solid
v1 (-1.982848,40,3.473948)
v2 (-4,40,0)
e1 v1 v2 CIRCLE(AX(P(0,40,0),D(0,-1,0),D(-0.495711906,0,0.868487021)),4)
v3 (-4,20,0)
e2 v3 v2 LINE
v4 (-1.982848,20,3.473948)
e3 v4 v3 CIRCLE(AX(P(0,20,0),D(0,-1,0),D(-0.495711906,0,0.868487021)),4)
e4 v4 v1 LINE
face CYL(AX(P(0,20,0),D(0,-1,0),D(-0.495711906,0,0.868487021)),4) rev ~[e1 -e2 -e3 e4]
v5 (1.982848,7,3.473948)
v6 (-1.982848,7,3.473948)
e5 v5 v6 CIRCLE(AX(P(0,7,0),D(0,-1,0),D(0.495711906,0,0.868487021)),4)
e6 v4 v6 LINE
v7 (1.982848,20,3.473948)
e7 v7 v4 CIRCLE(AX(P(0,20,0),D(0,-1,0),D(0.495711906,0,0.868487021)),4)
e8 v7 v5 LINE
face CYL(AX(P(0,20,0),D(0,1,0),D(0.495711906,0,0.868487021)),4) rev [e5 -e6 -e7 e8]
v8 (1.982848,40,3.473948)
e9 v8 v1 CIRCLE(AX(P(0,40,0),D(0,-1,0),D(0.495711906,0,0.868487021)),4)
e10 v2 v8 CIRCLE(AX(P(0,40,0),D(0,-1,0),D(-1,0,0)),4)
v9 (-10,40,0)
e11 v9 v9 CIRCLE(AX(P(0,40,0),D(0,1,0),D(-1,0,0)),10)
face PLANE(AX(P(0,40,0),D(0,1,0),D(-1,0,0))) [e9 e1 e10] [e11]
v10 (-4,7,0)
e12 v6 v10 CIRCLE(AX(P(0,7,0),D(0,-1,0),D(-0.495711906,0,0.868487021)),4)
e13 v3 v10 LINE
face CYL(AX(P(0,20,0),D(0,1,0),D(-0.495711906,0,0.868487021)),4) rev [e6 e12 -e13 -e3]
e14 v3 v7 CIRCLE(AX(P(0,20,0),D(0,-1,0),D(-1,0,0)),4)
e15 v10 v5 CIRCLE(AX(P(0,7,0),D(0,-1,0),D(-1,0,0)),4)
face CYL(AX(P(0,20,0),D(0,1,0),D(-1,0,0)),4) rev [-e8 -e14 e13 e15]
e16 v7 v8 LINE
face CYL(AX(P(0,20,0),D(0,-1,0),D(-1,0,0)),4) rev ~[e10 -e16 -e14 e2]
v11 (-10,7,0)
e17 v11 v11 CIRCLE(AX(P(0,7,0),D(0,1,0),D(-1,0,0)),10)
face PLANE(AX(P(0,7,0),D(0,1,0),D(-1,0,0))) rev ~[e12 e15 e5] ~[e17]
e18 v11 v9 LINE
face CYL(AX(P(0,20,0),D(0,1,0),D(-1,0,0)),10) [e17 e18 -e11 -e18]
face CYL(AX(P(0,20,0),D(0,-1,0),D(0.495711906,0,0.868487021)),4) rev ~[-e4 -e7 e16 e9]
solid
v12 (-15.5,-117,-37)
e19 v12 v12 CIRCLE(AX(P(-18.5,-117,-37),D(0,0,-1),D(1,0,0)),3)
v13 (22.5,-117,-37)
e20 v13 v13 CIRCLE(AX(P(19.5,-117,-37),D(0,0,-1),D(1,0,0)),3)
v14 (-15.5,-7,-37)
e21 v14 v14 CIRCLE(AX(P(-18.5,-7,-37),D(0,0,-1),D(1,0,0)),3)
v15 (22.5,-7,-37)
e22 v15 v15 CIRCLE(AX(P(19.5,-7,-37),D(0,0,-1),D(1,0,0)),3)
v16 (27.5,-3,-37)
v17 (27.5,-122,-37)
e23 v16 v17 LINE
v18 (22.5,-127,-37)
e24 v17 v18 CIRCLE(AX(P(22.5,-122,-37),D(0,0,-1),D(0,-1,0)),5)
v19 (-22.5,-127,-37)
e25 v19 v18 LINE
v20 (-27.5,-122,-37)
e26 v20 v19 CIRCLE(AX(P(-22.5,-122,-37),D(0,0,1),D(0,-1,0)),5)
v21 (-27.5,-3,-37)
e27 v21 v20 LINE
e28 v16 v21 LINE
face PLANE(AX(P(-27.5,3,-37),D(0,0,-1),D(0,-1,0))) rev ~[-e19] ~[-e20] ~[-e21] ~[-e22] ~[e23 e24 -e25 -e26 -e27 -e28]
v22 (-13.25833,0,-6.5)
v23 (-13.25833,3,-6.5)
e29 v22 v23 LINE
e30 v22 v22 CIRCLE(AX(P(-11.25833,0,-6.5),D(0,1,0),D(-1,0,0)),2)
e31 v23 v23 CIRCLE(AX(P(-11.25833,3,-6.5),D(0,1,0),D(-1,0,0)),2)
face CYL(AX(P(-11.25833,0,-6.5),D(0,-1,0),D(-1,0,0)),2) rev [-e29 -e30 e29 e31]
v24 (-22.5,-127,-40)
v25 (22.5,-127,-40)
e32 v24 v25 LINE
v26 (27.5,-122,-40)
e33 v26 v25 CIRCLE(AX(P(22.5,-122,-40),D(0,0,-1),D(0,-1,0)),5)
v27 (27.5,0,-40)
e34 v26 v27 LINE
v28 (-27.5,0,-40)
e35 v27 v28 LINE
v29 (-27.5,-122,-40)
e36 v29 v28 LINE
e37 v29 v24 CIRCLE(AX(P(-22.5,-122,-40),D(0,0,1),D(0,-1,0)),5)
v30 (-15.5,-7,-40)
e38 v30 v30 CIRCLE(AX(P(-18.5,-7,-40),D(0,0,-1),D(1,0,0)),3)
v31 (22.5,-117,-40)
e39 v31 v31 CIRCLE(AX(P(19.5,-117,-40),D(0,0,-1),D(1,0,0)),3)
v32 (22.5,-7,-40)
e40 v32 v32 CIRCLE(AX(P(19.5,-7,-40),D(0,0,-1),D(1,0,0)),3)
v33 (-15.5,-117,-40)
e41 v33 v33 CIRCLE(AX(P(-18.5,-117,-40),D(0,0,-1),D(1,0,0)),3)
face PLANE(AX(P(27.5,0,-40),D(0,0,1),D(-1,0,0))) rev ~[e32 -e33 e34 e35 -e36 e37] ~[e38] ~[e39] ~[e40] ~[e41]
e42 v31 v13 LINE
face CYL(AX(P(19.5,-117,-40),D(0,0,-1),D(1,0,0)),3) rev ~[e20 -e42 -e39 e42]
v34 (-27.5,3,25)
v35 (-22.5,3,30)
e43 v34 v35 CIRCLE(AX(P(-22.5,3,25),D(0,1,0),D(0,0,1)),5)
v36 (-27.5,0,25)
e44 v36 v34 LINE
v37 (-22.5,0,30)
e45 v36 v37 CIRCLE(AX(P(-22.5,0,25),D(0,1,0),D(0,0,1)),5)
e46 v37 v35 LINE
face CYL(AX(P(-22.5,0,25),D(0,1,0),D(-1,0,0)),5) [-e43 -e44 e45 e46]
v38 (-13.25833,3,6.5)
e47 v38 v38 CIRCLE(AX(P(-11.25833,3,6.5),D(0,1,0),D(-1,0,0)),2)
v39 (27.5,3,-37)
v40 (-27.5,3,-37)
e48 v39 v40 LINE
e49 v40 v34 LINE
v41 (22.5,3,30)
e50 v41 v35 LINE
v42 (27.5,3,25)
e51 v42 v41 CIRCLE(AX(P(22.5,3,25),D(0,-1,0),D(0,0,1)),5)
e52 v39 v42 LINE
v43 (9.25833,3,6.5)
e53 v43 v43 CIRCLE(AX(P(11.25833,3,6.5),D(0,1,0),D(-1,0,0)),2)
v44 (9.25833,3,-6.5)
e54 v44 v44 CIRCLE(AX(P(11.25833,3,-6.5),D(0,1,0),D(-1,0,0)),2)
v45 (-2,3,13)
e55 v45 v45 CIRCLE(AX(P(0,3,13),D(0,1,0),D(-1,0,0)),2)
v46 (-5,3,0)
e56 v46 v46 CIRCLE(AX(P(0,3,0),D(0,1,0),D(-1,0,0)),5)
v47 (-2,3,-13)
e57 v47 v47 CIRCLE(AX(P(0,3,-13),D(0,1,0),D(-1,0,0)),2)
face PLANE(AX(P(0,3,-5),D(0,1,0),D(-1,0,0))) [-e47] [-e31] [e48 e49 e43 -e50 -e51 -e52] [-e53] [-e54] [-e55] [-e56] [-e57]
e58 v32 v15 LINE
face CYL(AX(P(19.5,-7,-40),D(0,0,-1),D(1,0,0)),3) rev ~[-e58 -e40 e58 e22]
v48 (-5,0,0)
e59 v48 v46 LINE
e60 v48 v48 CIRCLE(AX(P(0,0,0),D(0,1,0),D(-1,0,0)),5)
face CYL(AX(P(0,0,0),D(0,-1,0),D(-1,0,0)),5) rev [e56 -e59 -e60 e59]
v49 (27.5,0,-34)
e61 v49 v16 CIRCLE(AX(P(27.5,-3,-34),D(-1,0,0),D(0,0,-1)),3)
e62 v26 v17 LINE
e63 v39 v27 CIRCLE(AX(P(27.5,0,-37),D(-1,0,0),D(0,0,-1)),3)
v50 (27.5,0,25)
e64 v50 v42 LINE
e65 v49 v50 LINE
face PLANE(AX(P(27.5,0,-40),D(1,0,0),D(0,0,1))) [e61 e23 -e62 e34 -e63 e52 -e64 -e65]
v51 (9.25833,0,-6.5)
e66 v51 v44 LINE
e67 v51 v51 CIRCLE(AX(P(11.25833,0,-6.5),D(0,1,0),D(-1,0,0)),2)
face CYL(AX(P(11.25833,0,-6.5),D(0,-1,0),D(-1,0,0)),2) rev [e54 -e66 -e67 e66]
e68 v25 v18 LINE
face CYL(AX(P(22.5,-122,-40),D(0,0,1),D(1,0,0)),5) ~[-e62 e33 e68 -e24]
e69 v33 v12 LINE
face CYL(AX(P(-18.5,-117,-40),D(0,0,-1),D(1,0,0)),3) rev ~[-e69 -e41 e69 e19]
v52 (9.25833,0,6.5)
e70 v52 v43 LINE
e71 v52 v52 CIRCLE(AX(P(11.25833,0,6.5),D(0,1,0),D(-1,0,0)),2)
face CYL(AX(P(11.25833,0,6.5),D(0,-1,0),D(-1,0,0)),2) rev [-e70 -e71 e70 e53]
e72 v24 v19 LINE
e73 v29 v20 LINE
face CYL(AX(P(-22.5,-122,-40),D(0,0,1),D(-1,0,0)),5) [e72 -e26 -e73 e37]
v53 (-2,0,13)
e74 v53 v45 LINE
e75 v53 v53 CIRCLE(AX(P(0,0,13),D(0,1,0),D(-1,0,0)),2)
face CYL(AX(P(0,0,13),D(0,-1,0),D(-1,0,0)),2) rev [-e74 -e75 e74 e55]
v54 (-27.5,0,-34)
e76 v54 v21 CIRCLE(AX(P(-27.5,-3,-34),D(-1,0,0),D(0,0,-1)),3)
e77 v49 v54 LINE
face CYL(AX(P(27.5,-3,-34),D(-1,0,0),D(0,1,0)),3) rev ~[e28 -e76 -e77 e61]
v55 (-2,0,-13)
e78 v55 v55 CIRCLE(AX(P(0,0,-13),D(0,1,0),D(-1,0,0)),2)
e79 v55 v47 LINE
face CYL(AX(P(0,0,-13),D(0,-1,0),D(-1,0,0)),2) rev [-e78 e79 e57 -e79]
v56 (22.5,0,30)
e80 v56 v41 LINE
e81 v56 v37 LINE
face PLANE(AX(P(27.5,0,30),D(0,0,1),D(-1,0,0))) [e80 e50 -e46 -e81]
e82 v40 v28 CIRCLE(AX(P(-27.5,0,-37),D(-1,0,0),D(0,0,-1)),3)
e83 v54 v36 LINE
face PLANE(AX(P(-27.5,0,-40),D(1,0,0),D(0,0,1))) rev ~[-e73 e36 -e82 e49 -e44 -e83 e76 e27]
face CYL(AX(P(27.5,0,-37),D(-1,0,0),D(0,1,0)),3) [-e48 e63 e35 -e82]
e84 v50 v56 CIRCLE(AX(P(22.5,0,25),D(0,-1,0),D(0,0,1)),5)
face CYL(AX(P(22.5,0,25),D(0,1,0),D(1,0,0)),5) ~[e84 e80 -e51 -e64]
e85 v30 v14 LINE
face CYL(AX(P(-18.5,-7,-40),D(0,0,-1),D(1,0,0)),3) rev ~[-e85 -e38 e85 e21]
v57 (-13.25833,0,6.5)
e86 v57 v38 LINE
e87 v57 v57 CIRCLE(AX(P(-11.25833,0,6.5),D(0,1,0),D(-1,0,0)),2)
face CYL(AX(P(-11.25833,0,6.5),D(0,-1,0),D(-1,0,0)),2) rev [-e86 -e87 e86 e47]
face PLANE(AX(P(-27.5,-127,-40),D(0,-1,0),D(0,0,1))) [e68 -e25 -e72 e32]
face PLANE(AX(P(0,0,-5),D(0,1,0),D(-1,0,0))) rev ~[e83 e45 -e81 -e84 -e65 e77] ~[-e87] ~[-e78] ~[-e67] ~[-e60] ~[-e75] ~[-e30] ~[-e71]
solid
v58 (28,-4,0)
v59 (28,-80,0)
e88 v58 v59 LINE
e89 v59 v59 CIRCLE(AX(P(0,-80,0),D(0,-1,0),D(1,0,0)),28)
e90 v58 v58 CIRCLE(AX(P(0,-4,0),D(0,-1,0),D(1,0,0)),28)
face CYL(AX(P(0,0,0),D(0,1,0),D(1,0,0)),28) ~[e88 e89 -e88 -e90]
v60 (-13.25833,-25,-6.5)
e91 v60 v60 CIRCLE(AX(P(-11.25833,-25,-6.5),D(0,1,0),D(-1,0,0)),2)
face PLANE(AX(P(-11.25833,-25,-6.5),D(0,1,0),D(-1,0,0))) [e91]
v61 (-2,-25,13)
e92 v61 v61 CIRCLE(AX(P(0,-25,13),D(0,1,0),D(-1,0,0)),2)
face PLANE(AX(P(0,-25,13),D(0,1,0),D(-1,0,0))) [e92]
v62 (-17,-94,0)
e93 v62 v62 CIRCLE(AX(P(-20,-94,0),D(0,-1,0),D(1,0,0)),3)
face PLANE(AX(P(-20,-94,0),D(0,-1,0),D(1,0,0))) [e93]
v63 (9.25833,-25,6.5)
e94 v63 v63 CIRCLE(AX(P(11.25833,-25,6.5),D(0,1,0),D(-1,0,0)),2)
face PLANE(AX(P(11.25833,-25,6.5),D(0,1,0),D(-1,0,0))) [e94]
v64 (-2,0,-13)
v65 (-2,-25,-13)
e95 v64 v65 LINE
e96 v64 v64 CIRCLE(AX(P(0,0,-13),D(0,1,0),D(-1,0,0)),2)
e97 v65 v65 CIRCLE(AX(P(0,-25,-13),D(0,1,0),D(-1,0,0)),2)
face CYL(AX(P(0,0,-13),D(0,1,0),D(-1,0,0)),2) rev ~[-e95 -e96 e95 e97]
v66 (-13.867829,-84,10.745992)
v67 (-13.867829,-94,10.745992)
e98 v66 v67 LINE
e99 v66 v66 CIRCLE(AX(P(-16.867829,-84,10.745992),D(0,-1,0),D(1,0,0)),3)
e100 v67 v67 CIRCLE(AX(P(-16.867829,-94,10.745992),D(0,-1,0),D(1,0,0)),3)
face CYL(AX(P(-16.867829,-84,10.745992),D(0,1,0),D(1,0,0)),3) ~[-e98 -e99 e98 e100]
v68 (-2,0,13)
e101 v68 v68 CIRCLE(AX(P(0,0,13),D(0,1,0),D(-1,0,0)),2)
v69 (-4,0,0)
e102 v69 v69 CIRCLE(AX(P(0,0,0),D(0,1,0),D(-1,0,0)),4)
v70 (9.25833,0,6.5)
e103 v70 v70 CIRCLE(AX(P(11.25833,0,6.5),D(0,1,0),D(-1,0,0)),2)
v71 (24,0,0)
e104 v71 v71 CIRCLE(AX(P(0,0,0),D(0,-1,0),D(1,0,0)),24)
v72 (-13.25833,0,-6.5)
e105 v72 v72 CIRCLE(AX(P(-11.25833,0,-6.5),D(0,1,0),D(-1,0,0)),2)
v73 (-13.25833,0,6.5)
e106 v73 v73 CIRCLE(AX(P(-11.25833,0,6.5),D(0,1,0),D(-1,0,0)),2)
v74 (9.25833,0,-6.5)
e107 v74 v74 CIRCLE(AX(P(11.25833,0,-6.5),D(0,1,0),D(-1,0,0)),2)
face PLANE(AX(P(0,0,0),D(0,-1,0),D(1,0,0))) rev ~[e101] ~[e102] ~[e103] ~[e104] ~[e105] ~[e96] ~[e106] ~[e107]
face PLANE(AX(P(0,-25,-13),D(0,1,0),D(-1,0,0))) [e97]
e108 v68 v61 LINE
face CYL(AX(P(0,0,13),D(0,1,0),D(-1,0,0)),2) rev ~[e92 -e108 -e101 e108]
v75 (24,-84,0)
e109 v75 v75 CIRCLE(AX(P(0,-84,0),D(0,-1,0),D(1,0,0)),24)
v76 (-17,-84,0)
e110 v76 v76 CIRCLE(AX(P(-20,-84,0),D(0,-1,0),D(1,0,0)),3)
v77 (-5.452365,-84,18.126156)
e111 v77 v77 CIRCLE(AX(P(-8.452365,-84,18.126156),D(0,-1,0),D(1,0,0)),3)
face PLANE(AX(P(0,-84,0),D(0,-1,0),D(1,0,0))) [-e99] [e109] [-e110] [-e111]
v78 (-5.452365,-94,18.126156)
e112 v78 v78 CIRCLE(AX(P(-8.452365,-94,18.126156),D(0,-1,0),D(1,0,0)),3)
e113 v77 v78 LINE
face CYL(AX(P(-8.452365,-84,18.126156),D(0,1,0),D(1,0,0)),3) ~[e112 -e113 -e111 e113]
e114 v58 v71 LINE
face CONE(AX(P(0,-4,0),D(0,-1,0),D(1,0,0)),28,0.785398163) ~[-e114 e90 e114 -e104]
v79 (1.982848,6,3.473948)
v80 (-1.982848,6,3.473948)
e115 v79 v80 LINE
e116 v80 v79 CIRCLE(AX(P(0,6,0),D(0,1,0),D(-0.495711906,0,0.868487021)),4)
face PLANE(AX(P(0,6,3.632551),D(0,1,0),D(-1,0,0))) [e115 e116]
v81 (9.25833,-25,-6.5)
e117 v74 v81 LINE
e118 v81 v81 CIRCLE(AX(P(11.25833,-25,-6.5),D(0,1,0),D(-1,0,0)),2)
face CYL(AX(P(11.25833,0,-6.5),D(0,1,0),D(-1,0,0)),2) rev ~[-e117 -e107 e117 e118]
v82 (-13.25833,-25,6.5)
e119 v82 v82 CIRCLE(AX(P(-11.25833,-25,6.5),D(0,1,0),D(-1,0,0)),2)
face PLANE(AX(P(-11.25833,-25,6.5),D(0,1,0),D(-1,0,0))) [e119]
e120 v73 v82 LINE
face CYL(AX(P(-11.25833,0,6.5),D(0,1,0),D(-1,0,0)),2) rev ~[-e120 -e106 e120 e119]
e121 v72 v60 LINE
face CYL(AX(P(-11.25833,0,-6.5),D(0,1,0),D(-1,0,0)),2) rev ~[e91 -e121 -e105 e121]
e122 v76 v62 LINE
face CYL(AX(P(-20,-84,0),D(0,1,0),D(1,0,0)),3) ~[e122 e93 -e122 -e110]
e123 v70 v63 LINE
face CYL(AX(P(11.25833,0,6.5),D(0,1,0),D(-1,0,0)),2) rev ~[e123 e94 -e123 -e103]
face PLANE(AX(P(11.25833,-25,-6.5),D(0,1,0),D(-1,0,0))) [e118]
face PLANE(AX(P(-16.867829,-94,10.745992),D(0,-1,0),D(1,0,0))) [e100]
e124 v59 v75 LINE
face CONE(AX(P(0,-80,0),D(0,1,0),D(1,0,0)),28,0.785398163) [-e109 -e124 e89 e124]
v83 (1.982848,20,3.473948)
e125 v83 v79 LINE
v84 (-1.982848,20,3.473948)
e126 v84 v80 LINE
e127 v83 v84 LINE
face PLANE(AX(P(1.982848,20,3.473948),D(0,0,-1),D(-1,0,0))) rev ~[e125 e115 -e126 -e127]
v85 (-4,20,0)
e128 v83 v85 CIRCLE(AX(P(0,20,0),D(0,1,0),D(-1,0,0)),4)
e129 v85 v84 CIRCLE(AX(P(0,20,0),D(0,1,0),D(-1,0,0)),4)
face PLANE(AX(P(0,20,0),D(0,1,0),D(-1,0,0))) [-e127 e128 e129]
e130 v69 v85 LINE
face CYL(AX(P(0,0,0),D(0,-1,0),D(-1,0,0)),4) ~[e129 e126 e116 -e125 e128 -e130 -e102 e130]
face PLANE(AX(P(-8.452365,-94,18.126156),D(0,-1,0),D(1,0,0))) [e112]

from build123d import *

# Parameters (mm, degrees)
F0_R           = 28
F1_DEPTH       = 84
F2_R           = 4
F3_DEPTH       = 20
F4_SIZE        = 4
F5_R           = 2
F6_DEPTH       = 25
F8_DEPTH       = 14
F9_R           = 3
F10_DEPTH      = 10
F11_W          = 55
F11_H          = 70
F11_R          = 24
F11_R_2        = 2
F11_R_3        = 5
F12_DEPTH      = 3
F13_W          = 130
F13_H          = 3
F14_DEPTH      = 55
F15_R          = 5
F16_R          = 3
F17_DEPTH      = 25
F18_R          = 3
F19_R          = 10
F20_DEPTH      = 20
F20_DEPTH_BACK = 13


with BuildPart() as f1:
    # F0 (on Front) → F1 (new body)
    with BuildSketch(Plane.XZ):
        Circle(F0_R)
    extrude(amount=F1_DEPTH)

    # F2 (on face) → F3 (join)
    with BuildSketch(Plane(origin=(0, 0, 0), x_dir=(-1, 0, 0), z_dir=(0, 1, 0))):
        Circle(F2_R)
    extrude(amount=F3_DEPTH)

    # F4
    f4_edges = [f1.edges().sort_by_distance(p)[0] for p in [
        (-28, 0, 0),
        (-28, -84, 0),
    ]]
    chamfer(f4_edges, length=F4_SIZE)

    # F5 (on face) → F6 (cut)
    with BuildSketch(Plane(origin=(0, 0, 0), x_dir=(-1, 0, 0), z_dir=(0, 1, 0))):
        with Locations((0, 13)):
            Circle(F5_R)
        with Locations((-11.2583302492, 6.5)):
            Circle(F5_R)
        with Locations((-11.2583302492, -6.5)):
            Circle(F5_R)
        with Locations((0, -13)):
            Circle(F5_R)
        with Locations((11.2583302492, -6.5)):
            Circle(F5_R)
        with Locations((11.2583302492, 6.5)):
            Circle(F5_R)
    extrude(amount=-F6_DEPTH, mode=Mode.SUBTRACT)

    # F7 (on face) → F8 (cut)
    with BuildSketch(Plane(origin=(0, 20, 0), x_dir=(-1, 0, 0), z_dir=(0, 1, 0))):
        with BuildLine():
            Line((-1.9828476231, 3.4739480859), (1.9828476231, 3.4739480859))
            ThreePointArc((1.9828476231, 3.4739480859), (0, 4), (-1.9828476231, 3.4739480859))
        make_face()
    extrude(amount=-F8_DEPTH, mode=Mode.SUBTRACT)

    # F9 (on face) → F10 (join)
    with BuildSketch(Plane.XZ.offset(84)):
        with Locations((-20, 0)):
            Circle(F9_R)
        with Locations((-16.8678289163, 10.7459921669)):
            Circle(F9_R)
        with Locations((-8.4523652348, 18.1261557407)):
            Circle(F9_R)
    extrude(amount=F10_DEPTH)


with BuildPart() as f12:
    # F11 (on face) → F12 (new body)
    with BuildSketch(Plane(origin=(0, 0, 0), x_dir=(-1, 0, 0), z_dir=(0, 1, 0))):
        with Locations((0, -5)):
            Rectangle(F11_W, F11_H)
        Circle(F11_R, mode=Mode.SUBTRACT)
        Circle(F11_R)
        with Locations((-11.2583302492, -6.5)):
            Circle(F11_R_2, mode=Mode.SUBTRACT)
        with Locations((0, -13)):
            Circle(F11_R_2, mode=Mode.SUBTRACT)
        with Locations((11.2583302492, -6.5)):
            Circle(F11_R_2, mode=Mode.SUBTRACT)
        with Locations((-11.2583302492, 6.5)):
            Circle(F11_R_2, mode=Mode.SUBTRACT)
        Circle(F11_R_3, mode=Mode.SUBTRACT)
        with Locations((11.2583302492, 6.5)):
            Circle(F11_R_2, mode=Mode.SUBTRACT)
        with Locations((0, 13)):
            Circle(F11_R_2, mode=Mode.SUBTRACT)
    extrude(amount=F12_DEPTH)

    # F13 (on face) → F14 (join)
    with BuildSketch(Plane(origin=(-27.5, 0, 0), x_dir=(0, -1, 0), z_dir=(-1, 0, 0))):
        with Locations((62, -38.5)):
            Rectangle(F13_W, F13_H)
    extrude(amount=-F14_DEPTH)

    # F15
    f15_edges = [f12.edges().sort_by_distance(p)[0] for p in [
        (27.5, 1.5, 30),
        (-27.5, 1.5, 30),
        (27.5, -127, -38.5),
        (-27.5, -127, -38.5),
    ]]
    fillet(f15_edges, radius=F15_R)

    # F16 (on face) → F17 (cut)
    with BuildSketch(Plane(origin=(0, 0, -40), x_dir=(1, 0, 0), z_dir=(0, 0, -1))):
        with Locations((19.5, 117)):
            Circle(F16_R)
        with Locations((19.5, 7)):
            Circle(F16_R)
        with Locations((-18.5, 117)):
            Circle(F16_R)
        with Locations((-18.5, 7)):
            Circle(F16_R)
    extrude(amount=-F17_DEPTH, mode=Mode.SUBTRACT)

    # F18
    f18_edges = [f12.edges().sort_by_distance(p)[0] for p in [
        (0, 0, -37),
        (0, 3, -40),
    ]]
    fillet(f18_edges, radius=F18_R)


with BuildPart() as f20:
    # F19 (on face) → F20 (new body, two sides)
    with BuildSketch(Plane(origin=(0, 20, 0), x_dir=(-1, 0, 0), z_dir=(0, 1, 0))) as f20_sk:
        Circle(F19_R)
        with BuildLine():
            ThreePointArc((4, 0), (-2.0085578791, -3.4591466066), (-1.9828476231, 3.4739480859))
            ThreePointArc((-1.9828476231, 3.4739480859), (0, 4), (1.9828476231, 3.4739480859))
            ThreePointArc((1.9828476231, 3.4739480859), (3.4591466066, 2.0085578791), (4, 0))
        make_face(mode=Mode.SUBTRACT)
    extrude(amount=F20_DEPTH)
    extrude(f20_sk.sketch, amount=-F20_DEPTH_BACK)


solid = Compound([f1.part, f12.part, f20.part])
